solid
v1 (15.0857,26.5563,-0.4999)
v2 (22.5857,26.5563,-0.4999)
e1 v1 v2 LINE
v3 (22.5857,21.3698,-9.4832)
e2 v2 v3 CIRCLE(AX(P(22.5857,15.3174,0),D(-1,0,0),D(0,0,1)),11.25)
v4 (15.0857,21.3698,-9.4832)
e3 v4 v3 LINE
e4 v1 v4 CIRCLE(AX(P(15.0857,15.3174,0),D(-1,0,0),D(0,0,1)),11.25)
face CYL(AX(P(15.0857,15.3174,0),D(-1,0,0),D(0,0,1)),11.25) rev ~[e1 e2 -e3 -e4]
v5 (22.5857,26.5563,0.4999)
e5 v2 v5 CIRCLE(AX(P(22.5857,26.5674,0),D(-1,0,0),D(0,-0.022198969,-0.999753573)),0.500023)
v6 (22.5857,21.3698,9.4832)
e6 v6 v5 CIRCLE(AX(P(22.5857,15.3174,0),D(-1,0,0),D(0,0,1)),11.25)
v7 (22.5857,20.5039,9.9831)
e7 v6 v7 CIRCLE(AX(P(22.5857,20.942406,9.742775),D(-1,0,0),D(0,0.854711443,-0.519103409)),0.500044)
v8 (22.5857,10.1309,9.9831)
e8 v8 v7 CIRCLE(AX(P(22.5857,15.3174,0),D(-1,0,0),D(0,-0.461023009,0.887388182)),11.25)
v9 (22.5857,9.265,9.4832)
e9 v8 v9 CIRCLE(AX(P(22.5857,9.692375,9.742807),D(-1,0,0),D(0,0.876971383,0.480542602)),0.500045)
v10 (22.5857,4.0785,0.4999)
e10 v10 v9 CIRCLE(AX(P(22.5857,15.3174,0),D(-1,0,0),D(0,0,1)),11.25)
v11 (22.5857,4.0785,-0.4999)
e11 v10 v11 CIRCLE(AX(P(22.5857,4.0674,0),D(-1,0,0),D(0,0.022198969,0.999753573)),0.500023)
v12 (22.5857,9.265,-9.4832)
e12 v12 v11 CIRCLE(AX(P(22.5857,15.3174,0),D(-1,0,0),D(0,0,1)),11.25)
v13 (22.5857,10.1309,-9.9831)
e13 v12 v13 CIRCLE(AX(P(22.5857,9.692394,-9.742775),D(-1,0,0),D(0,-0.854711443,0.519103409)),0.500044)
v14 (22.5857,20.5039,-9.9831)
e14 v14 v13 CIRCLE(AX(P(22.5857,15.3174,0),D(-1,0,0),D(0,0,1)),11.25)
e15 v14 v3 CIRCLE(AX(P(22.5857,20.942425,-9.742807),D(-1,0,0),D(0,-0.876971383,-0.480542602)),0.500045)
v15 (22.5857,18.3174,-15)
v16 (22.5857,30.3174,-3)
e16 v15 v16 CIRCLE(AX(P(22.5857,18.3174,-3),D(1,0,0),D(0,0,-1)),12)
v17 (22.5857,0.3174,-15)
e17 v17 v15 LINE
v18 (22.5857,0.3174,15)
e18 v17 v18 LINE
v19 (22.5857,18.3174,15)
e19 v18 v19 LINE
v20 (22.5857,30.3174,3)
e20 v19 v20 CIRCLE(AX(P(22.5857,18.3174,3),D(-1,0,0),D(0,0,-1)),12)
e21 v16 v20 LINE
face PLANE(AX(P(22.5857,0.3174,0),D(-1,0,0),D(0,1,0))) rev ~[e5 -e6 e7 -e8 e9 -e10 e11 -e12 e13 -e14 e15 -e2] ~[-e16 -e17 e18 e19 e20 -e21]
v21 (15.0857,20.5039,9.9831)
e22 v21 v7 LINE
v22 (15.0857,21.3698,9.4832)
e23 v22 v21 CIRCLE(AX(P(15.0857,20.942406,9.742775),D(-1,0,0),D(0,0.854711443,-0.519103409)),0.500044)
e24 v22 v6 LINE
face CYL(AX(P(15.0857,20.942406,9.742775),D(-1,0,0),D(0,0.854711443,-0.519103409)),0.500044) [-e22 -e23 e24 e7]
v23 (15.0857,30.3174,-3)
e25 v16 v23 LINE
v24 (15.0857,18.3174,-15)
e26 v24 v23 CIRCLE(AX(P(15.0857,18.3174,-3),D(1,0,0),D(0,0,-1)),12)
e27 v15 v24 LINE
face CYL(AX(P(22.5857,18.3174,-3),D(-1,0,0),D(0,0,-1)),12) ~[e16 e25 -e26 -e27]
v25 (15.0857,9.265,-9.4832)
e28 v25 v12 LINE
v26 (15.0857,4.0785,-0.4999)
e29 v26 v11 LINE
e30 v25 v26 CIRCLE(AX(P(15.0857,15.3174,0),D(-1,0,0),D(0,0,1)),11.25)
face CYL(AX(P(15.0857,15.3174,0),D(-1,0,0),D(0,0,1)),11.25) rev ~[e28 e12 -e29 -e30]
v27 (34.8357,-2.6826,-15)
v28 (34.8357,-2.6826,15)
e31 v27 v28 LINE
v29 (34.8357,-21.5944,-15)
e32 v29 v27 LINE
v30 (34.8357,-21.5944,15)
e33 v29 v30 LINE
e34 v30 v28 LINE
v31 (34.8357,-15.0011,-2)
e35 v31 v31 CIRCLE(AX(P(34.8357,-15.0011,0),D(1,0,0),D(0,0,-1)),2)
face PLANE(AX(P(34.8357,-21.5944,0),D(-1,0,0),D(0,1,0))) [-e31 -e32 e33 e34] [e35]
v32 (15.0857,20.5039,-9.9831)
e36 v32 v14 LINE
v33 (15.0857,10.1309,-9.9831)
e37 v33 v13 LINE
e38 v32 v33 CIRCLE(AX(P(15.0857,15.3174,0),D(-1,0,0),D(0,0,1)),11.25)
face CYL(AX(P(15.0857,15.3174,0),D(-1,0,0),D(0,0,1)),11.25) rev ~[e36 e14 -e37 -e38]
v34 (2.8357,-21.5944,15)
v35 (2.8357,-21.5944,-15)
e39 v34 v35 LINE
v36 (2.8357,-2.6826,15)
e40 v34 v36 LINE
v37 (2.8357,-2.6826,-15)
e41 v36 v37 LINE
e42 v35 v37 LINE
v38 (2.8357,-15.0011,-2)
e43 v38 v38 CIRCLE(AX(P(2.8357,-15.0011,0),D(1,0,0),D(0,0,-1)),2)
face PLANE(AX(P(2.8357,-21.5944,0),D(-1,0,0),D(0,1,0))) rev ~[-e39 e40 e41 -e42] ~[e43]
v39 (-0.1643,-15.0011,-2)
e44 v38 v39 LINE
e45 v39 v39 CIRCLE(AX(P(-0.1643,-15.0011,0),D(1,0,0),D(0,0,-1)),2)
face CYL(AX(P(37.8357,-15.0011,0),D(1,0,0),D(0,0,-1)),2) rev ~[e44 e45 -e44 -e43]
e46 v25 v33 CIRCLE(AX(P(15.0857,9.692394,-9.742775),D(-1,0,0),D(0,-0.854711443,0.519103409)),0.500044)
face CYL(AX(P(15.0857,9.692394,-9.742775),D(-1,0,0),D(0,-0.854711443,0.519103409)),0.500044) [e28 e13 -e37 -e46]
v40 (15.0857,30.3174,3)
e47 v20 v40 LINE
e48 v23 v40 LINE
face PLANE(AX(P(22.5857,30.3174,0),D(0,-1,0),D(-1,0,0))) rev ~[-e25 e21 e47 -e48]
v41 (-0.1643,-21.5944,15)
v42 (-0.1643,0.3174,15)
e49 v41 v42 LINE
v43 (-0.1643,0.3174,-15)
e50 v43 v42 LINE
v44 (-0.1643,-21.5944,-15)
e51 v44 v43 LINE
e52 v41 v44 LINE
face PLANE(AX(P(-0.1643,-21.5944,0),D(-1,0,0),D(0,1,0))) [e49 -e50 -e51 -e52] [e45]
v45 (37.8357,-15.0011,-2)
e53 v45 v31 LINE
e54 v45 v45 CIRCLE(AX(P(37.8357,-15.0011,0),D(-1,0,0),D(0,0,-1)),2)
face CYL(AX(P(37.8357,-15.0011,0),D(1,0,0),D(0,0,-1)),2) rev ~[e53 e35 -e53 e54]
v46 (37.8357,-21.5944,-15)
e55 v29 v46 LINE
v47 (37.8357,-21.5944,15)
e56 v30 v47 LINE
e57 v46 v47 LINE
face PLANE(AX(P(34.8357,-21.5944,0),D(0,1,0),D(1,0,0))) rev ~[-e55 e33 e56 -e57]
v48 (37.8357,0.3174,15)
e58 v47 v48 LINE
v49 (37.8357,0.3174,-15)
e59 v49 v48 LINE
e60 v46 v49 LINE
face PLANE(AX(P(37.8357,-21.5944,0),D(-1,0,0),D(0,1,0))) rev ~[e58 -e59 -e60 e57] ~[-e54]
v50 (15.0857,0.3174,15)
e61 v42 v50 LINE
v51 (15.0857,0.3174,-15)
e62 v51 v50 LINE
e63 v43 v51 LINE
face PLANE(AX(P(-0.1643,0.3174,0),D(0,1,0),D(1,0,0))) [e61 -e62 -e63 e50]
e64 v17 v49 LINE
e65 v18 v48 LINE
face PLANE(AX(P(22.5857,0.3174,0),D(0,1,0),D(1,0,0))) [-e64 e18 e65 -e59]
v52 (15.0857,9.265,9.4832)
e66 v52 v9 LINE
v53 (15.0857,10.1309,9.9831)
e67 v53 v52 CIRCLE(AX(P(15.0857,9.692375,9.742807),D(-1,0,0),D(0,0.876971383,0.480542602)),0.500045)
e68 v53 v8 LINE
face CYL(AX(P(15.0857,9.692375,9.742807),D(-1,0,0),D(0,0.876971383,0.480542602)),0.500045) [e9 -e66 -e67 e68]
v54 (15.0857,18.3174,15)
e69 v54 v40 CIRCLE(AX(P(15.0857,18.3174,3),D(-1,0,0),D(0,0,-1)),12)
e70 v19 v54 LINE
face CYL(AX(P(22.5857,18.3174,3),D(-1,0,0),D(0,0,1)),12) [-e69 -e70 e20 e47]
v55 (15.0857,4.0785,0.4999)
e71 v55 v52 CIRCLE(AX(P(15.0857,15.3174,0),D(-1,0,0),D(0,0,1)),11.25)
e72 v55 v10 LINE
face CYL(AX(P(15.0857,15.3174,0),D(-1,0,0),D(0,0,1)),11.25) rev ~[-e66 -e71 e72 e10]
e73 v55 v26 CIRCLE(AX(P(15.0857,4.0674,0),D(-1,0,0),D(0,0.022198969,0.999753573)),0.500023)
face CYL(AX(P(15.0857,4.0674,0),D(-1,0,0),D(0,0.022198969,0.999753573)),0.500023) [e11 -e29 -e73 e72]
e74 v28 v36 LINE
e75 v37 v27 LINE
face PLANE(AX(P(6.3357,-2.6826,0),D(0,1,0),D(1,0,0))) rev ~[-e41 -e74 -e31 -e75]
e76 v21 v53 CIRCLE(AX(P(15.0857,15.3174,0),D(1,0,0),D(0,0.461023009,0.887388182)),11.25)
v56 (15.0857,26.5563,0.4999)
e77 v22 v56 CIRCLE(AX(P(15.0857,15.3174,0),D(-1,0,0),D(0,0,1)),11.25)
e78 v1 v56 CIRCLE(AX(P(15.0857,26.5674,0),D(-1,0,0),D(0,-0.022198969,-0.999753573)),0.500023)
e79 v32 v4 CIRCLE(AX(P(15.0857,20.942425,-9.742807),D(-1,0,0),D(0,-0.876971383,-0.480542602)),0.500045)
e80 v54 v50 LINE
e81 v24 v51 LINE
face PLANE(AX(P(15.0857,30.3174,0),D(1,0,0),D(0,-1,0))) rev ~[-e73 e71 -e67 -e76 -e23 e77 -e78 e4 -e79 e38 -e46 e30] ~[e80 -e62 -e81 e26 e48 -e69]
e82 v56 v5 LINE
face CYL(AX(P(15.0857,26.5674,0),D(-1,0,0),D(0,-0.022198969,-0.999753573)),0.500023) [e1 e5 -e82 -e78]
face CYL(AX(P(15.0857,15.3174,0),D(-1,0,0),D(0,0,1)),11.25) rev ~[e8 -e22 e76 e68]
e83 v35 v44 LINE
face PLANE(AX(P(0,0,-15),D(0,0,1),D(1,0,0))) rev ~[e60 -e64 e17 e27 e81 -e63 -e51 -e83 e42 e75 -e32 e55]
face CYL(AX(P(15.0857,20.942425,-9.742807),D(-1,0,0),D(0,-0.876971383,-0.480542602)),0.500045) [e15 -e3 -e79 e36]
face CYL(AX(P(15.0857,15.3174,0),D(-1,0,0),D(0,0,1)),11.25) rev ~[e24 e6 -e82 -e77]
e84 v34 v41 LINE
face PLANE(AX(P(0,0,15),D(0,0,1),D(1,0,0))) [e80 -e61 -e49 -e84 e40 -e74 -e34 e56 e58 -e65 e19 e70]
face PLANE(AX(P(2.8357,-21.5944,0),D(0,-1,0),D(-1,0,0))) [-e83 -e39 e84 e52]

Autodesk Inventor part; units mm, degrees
ref_plane "YZ Plane" through (0, 0, 0) normal (1, 0, 0) x (0, 1, 0)
ref_plane "XZ Plane" through (0, 0, 0) normal (0, 1, 0) x (-1, 0, 0)
ref_plane "XY Plane" through (0, 0, 0) normal (0, 0, 1) x (1, 0, 0)
sketch "Sketch2" plane through (0, 0, 0) normal (0, 0, 1) x (1, 0, 0)
  line L0 (31.3357, -4.795) -> (6.3357, -4.795) projected
  line L1 (6.3357, -4.795) -> (6.3357, -1.5952) projected
  line L2 (31.3357, -1.5952) -> (6.3357, -1.5952) projected
  line L3 (31.3357, -4.795) -> (31.3357, -1.5952) projected
  line L4 (6.3357, -1.5952) -> (6.3357, -21.5944) projected
  line L5 (6.3357, -21.5944) -> (3.1357, -21.5944) projected
  line L6 (3.1357, -1.5952) -> (3.1357, -21.5944) projected
  line L7 (6.3357, -1.5952) -> (3.1357, -1.5952) projected
  line L8 (31.3357, -21.5944) -> (31.3357, -1.5952) projected
  line L9 (31.3357, -1.5952) -> (34.5357, -1.5952) projected
  line L10 (34.5357, -21.5944) -> (34.5357, -1.5952) projected
  line L11 (31.3357, -21.5944) -> (34.5357, -21.5944) projected
  line L12 (6.3357, -23.8087) -> (3.1357, -23.8087) projected
  line L13 (34.8357, -21.5944) -> (34.8357, -2.6826)
  line L14 (34.8357, -21.5944) -> (37.8357, -21.5944)
  line L15 (37.8357, -21.5944) -> (37.8357, 0.3174)
  line L16 (18.8357, -1.5952) -> (18.8357, -12.9026) construction
  line L17 (2.8357, -21.5944) -> (2.8357, -2.6826)
  line L18 (2.8357, -21.5944) -> (-0.1643, -21.5944)
  line L19 (-0.1643, -21.5944) -> (-0.1643, 0.3174)
  line L20 (2.8357, -2.6826) -> (34.8357, -2.6826)
  line L21 (-0.1643, 0.3174) -> (37.8357, 0.3174)
  line L22 (22.5857, 0.3174) -> (22.5857, 30.3174)
  line L23 (22.5857, 30.3174) -> (15.0857, 30.3174)
  line L24 (15.0857, 30.3174) -> (15.0857, 0.3174)
  line L25 (6.3357, -2.9826) -> (31.3357, -2.9826) projected
  point P0 (0, 0)
  dimension "d1" = 0.3
  dimension "d2" = 3
  dimension "d5" = 32
  dimension "d9" = 30
  dimension "d10" = 7.5
  dimension "d11" = 3.75
  dimension "d18" = 0.3
  dimension "d19" = 3
extrude "Extrusion1" add sketch "Sketch2" along normal mid plane 30 contours L20 L1 L2 L3 | L3 L9 L10 L20 | L20 L6 L7 L1 | L2 L7 L6 L20 L17 L18 L19 L21 L15 L14 L13 L10 L9 | L21 L24 L23 L22
sketch "Sketch3" plane through (37.8357, -21.5944, 15) normal (1, 0, 0) x (0, 0, -1)
  circle A0 centre (13.5169, 6.5933) radius 2 projected
  line L0 (30, 21.9118) -> (30, 0) projected
  line L1 (0, 0) -> (0, 21.9118) projected
  line L2 (30, 0) -> (0, 0) projected
  line L3 (0, 21.9118) -> (30, 21.9118) projected
  line L4 (30, 0) -> (0, 0) projected
  line L5 (15, 0) -> (15, 21.9118) construction
  circle A1 centre (15, 6.5933) radius 2
  point P0 (15, 21.5944)
  dimension "d14" = 4
  dimension "d15" = 6.5933
extrude "Extrusion2" cut sketch "Sketch3" against normal blind 60 contours A0 A1 | A0 A1 picked at (14.6591, 6.7506) picked at (16.4859, 6.7542)
sketch "Sketch4" plane through (15.0857, 0.3174, 15) normal (-1, 0, 0) x (0, 0, 1)
  line L0 (-30, 0) -> (0, 0) projected
  line L1 (0, 30) -> (0, 0) projected
  line L2 (-30, 30) -> (0, 30) projected
  line L3 (-30, 0) -> (-30, 30) projected
  line L4 (-30, 0) -> (0, 0) projected
  line L5 (-15, 0) -> (-15, 30) construction
  line L6 (-30, 30) -> (0, 30) projected
  line L7 (0, 0) -> (0, 30) projected
  line L8 (0, 15) -> (-30, 15) construction
  circle A0 centre (-15, 15) radius 11.25
  arc A1 (-14.5001, 3.7611) -> (-15.4999, 3.7611) centre (-15, 3.75) ccw
  arc A2 (-5.0169, 9.8135) -> (-5.5168, 8.9476) centre (-5.2572, 9.375) ccw
  arc A3 (-5.5168, 21.0524) -> (-5.0169, 20.1865) centre (-5.2572, 20.625) ccw
  arc A4 (-15.4999, 26.2389) -> (-14.5001, 26.2389) centre (-15, 26.25) ccw
  arc A5 (-24.9831, 20.1865) -> (-24.4832, 21.0524) centre (-24.7428, 20.625) ccw
  arc A6 (-24.4832, 8.9476) -> (-24.9831, 9.8135) centre (-24.7428, 9.375) ccw
  point P0 (-15, -0.3174)
  point P1 (-24.9831, 9.8135)
  point P2 (-24.4832, 8.9476)
  point P3 (-5.5168, 8.9476)
  point P4 (-5.0169, 9.8135)
  point P5 (-5.0169, 20.1865)
  point P6 (-5.5168, 21.0524)
  point P7 (-14.5001, 26.2389)
  point P8 (-15.4999, 26.2389)
  point P9 (-24.4832, 21.0524)
  point P10 (-24.9831, 20.1865)
  dimension "d20" = 22.5
  dimension "d21" = 1
  dimension "d24" = 360
extrude "Extrusion3" cut sketch "Sketch4" against normal blind 10 contours A0 A2 A1 A6 A5 A4 A3
fillet "Fillet1" radius 12 2 edges at (18.8357, 30.3174, 15) (18.8357, 30.3174, -15)
properties part number "Eje_Carril"
